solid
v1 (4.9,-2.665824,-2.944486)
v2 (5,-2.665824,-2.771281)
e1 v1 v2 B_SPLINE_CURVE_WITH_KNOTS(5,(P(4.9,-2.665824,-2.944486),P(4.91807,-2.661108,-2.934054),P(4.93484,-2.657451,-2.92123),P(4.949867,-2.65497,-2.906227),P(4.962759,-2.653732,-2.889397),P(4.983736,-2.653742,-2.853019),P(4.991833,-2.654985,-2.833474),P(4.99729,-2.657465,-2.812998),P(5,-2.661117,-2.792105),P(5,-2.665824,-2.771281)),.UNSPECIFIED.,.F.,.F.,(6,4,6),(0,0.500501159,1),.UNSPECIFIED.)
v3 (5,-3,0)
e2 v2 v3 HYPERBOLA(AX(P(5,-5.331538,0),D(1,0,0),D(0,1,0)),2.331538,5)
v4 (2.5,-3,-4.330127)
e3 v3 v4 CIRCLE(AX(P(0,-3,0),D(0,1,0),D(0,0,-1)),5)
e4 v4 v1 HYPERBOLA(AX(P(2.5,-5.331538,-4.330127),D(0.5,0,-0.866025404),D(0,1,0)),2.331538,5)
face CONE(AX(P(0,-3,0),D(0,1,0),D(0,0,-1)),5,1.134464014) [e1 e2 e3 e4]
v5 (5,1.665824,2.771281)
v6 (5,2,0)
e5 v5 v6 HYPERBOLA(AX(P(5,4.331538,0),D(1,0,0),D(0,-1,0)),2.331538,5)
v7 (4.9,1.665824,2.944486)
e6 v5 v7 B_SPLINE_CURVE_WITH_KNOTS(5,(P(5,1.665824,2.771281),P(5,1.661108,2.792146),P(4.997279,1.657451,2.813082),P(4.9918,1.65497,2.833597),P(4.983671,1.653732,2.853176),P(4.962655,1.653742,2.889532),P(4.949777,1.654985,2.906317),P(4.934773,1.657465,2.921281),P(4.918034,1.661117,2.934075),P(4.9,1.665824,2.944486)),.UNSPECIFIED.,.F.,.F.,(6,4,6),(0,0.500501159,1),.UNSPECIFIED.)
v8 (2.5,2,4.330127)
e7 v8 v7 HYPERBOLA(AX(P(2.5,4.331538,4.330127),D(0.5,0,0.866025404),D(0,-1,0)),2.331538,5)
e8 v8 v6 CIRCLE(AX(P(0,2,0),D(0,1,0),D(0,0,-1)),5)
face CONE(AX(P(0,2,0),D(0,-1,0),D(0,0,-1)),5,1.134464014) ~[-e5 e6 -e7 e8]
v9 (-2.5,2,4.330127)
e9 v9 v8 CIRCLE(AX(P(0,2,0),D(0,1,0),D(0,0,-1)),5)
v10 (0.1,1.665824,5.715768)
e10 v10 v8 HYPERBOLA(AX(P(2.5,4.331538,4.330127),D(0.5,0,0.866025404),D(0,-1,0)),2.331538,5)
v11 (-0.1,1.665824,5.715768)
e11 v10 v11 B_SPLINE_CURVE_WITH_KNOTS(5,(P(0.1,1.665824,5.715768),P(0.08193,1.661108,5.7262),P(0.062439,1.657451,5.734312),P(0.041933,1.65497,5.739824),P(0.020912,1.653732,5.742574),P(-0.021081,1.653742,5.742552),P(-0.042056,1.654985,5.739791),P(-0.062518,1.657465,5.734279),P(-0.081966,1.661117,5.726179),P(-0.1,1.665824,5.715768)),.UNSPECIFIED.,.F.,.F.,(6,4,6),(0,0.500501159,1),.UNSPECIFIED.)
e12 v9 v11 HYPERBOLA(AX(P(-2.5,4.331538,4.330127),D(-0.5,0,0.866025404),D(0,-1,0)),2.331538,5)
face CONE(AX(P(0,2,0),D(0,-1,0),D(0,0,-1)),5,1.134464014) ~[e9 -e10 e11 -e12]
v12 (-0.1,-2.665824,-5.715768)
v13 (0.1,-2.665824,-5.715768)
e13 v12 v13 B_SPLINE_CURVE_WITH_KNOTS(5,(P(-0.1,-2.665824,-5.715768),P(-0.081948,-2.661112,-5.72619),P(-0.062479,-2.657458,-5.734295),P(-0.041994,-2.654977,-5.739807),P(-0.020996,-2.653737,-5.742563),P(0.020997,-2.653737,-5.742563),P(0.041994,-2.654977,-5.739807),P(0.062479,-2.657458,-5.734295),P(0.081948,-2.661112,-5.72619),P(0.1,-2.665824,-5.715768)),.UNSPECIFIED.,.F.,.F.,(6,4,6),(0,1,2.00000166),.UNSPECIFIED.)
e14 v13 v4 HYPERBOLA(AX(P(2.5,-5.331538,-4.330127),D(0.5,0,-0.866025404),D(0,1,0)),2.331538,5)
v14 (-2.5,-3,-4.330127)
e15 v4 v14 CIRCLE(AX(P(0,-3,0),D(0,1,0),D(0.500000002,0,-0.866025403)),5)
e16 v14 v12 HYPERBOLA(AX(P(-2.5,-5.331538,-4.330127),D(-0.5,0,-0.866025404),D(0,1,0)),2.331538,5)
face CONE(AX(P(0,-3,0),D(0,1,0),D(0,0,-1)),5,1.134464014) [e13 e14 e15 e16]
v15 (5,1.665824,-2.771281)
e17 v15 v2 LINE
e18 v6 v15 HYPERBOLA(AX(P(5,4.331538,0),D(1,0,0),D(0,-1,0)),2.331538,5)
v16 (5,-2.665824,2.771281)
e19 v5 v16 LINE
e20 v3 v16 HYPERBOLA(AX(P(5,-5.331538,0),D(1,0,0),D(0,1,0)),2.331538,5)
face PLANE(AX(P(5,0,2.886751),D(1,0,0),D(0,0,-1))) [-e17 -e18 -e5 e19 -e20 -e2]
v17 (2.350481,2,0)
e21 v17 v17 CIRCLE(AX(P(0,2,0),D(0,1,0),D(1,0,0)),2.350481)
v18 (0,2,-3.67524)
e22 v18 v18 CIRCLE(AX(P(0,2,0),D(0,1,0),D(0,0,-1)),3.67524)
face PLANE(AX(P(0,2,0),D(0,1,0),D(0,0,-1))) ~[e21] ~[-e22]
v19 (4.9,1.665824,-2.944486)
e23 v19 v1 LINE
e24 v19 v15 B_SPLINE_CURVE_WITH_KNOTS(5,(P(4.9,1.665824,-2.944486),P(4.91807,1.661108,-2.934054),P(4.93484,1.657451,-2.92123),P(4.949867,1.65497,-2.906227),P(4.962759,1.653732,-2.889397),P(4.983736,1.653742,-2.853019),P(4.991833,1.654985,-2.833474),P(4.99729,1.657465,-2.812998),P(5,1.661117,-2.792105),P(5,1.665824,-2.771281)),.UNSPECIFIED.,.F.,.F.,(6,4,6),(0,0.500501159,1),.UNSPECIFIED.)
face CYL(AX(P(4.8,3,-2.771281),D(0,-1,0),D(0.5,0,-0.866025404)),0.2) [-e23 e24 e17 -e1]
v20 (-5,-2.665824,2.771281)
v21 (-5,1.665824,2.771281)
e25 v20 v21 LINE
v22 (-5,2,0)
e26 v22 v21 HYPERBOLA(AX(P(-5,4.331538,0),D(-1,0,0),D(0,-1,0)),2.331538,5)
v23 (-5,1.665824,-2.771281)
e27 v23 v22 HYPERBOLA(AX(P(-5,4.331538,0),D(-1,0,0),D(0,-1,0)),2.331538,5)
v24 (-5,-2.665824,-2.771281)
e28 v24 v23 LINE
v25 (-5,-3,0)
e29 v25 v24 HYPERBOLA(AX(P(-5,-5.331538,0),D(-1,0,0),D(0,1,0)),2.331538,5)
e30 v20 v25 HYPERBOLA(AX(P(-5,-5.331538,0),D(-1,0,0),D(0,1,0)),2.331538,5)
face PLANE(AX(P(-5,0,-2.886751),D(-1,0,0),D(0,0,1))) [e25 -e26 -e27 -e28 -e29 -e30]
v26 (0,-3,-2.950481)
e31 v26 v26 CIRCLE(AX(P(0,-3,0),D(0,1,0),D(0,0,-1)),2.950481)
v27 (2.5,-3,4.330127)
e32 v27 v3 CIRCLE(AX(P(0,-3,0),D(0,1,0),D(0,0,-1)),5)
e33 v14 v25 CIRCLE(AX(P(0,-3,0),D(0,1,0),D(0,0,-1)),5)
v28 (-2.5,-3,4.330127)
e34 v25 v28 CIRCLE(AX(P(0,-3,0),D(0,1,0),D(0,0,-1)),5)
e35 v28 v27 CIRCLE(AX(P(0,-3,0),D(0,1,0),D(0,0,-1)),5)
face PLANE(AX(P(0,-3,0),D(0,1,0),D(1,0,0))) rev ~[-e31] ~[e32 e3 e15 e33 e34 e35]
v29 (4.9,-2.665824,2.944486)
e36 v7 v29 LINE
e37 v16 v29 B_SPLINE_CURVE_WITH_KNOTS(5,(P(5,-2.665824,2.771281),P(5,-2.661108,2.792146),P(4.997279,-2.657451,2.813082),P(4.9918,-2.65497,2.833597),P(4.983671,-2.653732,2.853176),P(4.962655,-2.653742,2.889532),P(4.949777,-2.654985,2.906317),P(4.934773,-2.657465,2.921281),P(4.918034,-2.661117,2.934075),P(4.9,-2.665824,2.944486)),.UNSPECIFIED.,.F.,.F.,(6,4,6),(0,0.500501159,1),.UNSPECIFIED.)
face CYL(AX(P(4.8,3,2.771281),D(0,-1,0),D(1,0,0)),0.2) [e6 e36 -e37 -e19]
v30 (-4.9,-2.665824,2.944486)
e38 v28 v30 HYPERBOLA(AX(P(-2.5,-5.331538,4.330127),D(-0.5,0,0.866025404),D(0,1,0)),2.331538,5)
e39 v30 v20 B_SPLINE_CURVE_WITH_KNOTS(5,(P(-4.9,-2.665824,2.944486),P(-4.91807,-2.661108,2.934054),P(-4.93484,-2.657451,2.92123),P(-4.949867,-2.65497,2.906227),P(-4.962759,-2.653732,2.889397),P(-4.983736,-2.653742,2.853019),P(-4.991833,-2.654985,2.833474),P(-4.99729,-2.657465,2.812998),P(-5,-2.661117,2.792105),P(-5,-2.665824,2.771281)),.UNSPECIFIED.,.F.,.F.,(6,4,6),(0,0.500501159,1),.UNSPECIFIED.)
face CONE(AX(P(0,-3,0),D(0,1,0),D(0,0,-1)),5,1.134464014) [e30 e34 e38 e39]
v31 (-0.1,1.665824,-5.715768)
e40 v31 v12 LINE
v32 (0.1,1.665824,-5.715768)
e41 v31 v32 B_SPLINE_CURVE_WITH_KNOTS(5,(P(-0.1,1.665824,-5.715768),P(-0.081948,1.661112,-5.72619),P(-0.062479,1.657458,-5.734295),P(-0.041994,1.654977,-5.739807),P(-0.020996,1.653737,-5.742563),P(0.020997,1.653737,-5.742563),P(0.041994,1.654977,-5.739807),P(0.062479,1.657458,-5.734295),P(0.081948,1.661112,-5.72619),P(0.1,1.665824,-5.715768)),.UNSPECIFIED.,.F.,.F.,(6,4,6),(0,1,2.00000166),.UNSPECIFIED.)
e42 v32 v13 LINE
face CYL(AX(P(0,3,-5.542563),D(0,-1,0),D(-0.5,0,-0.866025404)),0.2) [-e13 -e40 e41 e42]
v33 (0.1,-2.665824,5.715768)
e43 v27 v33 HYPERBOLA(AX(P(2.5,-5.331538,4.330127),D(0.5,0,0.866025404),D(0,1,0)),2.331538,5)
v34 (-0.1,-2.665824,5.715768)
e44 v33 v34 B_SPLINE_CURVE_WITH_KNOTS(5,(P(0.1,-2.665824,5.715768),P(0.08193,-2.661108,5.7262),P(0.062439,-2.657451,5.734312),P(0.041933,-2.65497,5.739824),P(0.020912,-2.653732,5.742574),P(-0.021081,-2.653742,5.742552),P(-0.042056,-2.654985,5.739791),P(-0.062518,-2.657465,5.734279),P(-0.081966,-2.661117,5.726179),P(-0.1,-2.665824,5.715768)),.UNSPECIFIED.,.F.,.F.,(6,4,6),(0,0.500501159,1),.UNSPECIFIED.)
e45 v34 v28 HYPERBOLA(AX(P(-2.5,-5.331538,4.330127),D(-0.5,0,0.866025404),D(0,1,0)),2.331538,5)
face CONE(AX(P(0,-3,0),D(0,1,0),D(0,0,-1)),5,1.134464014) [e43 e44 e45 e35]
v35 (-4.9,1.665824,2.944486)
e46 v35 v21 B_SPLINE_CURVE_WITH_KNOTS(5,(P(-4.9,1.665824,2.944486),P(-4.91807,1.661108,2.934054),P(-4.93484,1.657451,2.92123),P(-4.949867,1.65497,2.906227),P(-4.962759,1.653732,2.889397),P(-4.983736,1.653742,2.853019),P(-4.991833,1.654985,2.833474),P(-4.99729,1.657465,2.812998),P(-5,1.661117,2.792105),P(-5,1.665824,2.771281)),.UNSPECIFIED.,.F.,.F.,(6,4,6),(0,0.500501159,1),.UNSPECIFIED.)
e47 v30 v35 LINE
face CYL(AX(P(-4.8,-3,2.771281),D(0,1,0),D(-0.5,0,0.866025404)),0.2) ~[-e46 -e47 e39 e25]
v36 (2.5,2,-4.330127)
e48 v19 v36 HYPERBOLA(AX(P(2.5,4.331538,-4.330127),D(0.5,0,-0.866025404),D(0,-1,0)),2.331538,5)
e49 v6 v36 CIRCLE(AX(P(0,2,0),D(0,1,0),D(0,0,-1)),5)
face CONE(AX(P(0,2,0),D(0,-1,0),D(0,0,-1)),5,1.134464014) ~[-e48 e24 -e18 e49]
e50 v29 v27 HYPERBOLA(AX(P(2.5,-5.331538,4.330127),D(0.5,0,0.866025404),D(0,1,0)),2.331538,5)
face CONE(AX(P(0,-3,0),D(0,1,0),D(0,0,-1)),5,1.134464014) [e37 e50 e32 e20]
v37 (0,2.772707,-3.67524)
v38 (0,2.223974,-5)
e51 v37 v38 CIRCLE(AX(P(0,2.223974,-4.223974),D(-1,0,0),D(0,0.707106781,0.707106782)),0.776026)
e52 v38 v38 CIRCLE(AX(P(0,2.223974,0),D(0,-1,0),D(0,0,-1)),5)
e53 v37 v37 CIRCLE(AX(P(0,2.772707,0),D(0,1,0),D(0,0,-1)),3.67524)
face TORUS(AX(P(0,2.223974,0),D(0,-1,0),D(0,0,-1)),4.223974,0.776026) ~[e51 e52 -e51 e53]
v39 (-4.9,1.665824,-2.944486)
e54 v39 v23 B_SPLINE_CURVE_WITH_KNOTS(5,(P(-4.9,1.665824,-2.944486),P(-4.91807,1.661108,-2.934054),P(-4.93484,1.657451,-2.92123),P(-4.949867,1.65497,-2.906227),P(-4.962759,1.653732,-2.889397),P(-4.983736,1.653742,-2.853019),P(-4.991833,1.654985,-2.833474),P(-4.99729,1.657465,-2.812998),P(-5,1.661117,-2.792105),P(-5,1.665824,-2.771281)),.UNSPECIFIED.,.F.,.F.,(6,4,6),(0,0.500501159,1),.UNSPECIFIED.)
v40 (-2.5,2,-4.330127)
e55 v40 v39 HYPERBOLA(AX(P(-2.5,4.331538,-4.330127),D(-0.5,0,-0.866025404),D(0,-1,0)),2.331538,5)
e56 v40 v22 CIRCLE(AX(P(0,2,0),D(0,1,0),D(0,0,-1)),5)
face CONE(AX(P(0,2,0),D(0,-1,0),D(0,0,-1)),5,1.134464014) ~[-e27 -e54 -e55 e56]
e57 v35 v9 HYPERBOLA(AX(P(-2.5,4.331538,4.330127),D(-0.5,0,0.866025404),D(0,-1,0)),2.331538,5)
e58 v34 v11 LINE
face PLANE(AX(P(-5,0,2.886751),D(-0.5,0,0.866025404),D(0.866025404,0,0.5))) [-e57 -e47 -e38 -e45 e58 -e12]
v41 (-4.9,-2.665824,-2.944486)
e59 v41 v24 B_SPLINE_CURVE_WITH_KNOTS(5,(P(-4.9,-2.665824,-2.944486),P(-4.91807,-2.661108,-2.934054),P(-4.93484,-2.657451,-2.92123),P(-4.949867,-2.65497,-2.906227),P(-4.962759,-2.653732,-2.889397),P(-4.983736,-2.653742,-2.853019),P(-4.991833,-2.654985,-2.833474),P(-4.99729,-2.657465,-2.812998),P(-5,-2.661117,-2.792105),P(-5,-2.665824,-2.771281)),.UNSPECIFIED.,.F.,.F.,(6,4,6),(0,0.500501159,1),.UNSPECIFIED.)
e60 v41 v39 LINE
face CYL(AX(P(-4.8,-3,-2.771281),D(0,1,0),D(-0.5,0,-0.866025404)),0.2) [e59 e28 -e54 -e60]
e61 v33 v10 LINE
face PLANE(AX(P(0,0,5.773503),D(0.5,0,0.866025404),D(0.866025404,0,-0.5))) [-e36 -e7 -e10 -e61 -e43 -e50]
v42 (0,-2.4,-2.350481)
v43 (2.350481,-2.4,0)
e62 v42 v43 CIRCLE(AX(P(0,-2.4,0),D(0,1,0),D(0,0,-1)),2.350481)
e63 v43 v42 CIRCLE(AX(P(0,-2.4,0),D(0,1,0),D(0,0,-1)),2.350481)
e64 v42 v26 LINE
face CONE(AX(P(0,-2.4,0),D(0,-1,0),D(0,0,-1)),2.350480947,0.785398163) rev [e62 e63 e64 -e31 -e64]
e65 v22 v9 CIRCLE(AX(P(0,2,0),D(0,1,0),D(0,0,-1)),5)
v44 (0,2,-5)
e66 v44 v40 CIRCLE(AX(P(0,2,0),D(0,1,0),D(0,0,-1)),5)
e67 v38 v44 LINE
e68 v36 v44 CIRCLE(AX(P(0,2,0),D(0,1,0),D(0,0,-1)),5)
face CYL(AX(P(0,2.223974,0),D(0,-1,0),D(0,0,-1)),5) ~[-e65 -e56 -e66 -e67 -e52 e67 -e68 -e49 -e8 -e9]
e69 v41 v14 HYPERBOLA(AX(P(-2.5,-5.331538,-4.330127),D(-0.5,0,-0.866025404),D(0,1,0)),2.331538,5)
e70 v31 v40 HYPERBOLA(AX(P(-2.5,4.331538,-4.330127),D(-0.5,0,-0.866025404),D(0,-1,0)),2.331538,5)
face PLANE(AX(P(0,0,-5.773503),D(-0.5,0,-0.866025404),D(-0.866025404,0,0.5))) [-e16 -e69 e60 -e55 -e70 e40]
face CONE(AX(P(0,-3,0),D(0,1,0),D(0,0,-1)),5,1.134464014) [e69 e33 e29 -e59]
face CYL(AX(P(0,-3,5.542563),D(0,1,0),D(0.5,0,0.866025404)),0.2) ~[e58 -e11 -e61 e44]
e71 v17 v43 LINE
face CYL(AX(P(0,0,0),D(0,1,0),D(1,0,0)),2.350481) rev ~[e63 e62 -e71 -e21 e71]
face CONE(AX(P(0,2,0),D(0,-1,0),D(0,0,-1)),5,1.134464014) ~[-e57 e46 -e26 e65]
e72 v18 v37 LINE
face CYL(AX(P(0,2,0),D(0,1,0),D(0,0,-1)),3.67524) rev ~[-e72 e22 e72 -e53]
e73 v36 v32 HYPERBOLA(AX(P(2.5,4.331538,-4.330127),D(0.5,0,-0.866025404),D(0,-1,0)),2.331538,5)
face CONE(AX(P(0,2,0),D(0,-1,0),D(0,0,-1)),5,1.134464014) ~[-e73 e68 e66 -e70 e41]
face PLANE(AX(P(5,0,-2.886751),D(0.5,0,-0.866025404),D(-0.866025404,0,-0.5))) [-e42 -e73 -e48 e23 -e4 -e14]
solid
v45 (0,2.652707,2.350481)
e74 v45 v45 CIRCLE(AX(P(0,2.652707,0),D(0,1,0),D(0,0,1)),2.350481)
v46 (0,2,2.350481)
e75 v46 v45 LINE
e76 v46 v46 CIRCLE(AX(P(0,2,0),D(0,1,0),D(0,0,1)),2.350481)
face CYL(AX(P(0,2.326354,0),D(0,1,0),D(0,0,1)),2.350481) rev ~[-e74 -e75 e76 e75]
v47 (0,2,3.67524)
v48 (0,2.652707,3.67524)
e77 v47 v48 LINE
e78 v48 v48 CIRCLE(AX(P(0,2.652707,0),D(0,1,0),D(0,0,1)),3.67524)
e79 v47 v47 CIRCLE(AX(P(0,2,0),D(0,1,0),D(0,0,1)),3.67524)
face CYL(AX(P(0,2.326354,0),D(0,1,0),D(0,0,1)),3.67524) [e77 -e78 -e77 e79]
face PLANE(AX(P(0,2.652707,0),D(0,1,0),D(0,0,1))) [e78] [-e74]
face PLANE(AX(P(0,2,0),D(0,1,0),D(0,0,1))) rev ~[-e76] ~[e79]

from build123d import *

# Parameters (mm, degrees)
SKETCH2_R                = 2.350480947
BOSS_EXTRUDE1_DEPTH      = 3
BOSS_EXTRUDE1_DEPTH_BACK = 3
FILLET1_R                = 0.2
SKETCH4_W                = 1.324759527
SKETCH4_H                = 0.652707199


with BuildPart() as part:
    # Sketch2 → Boss-Extrude1 (new body, two sides)
    with BuildSketch(Plane(origin=(0, 0, 0), x_dir=(1, 0, 0), z_dir=(0, 1, 0))) as boss_extrude1_sk:
        Polygon((0, 5.773502692), (-5, 2.886751346), (-5, -2.886751346), (0, -5.773502692), (5, -2.886751346), (5, 2.886751346), align=None)
        Circle(SKETCH2_R, mode=Mode.SUBTRACT)
    extrude(amount=BOSS_EXTRUDE1_DEPTH)
    extrude(boss_extrude1_sk.sketch, amount=-BOSS_EXTRUDE1_DEPTH_BACK)

    # Fillet1
    fillet1_edges = [part.edges().sort_by_distance(p)[0] for p in [
        (5, 0, -2.886751346),
        (5, 0, 2.886751346),
        (0, 0, 5.773502692),
        (-5, 0, 2.886751346),
        (-5, 0, -2.886751346),
        (0, 0, -5.773502692),
    ]]
    fillet(fillet1_edges, radius=FILLET1_R)

    # Sketch3 → Cut-Revolve2 (revolve, cut)
    with BuildSketch(Plane(origin=(0, 0, 0), x_dir=(0, 0, -1), z_dir=(1, 0, 0))):
        with BuildLine():
            Line((5.773502692, 2), (5.773502692, 4))
            Line((5.773502692, 4), (2.350480947, 4))
            Line((2.350480947, 4), (2.350480947, 2))
            Line((2.350480947, 2), (3.675240474, 2))
            Line((3.675240474, 2), (3.675240474, 2.772707199))
            ThreePointArc((3.675240474, 2.772707199), (4.520946192, 2.940928526), (5, 2.223973836))
            Line((5, 2.223973836), (5, 2))
            Line((5, 2), (5.773502692, 1.639309771))
            Line((5.773502692, 1.639309771), (5.773502692, 2))
        make_face()
        Polygon((5, -3), (5.773502692, -2.639309771), (5.773502692, -3), align=None)
        Polygon((2.350480947, -3), (2.350480947, -2.4), (2.950480947, -3), align=None)
    revolve(axis=Axis((0, -3, 0), (0, 1, 0)), mode=Mode.SUBTRACT)


with BuildPart() as body_2:
    # Sketch4 → Revolve1 (revolve)
    with BuildSketch(Plane(origin=(0, 0, 0), x_dir=(0, 0, -1), z_dir=(1, 0, 0))):
        with Locations((-3.012860711, 2.326353599)):
            Rectangle(SKETCH4_W, SKETCH4_H)
    revolve(axis=Axis((0, -3, 0), (0, 1, 0)))


solid = Compound([part.part, body_2.part])
